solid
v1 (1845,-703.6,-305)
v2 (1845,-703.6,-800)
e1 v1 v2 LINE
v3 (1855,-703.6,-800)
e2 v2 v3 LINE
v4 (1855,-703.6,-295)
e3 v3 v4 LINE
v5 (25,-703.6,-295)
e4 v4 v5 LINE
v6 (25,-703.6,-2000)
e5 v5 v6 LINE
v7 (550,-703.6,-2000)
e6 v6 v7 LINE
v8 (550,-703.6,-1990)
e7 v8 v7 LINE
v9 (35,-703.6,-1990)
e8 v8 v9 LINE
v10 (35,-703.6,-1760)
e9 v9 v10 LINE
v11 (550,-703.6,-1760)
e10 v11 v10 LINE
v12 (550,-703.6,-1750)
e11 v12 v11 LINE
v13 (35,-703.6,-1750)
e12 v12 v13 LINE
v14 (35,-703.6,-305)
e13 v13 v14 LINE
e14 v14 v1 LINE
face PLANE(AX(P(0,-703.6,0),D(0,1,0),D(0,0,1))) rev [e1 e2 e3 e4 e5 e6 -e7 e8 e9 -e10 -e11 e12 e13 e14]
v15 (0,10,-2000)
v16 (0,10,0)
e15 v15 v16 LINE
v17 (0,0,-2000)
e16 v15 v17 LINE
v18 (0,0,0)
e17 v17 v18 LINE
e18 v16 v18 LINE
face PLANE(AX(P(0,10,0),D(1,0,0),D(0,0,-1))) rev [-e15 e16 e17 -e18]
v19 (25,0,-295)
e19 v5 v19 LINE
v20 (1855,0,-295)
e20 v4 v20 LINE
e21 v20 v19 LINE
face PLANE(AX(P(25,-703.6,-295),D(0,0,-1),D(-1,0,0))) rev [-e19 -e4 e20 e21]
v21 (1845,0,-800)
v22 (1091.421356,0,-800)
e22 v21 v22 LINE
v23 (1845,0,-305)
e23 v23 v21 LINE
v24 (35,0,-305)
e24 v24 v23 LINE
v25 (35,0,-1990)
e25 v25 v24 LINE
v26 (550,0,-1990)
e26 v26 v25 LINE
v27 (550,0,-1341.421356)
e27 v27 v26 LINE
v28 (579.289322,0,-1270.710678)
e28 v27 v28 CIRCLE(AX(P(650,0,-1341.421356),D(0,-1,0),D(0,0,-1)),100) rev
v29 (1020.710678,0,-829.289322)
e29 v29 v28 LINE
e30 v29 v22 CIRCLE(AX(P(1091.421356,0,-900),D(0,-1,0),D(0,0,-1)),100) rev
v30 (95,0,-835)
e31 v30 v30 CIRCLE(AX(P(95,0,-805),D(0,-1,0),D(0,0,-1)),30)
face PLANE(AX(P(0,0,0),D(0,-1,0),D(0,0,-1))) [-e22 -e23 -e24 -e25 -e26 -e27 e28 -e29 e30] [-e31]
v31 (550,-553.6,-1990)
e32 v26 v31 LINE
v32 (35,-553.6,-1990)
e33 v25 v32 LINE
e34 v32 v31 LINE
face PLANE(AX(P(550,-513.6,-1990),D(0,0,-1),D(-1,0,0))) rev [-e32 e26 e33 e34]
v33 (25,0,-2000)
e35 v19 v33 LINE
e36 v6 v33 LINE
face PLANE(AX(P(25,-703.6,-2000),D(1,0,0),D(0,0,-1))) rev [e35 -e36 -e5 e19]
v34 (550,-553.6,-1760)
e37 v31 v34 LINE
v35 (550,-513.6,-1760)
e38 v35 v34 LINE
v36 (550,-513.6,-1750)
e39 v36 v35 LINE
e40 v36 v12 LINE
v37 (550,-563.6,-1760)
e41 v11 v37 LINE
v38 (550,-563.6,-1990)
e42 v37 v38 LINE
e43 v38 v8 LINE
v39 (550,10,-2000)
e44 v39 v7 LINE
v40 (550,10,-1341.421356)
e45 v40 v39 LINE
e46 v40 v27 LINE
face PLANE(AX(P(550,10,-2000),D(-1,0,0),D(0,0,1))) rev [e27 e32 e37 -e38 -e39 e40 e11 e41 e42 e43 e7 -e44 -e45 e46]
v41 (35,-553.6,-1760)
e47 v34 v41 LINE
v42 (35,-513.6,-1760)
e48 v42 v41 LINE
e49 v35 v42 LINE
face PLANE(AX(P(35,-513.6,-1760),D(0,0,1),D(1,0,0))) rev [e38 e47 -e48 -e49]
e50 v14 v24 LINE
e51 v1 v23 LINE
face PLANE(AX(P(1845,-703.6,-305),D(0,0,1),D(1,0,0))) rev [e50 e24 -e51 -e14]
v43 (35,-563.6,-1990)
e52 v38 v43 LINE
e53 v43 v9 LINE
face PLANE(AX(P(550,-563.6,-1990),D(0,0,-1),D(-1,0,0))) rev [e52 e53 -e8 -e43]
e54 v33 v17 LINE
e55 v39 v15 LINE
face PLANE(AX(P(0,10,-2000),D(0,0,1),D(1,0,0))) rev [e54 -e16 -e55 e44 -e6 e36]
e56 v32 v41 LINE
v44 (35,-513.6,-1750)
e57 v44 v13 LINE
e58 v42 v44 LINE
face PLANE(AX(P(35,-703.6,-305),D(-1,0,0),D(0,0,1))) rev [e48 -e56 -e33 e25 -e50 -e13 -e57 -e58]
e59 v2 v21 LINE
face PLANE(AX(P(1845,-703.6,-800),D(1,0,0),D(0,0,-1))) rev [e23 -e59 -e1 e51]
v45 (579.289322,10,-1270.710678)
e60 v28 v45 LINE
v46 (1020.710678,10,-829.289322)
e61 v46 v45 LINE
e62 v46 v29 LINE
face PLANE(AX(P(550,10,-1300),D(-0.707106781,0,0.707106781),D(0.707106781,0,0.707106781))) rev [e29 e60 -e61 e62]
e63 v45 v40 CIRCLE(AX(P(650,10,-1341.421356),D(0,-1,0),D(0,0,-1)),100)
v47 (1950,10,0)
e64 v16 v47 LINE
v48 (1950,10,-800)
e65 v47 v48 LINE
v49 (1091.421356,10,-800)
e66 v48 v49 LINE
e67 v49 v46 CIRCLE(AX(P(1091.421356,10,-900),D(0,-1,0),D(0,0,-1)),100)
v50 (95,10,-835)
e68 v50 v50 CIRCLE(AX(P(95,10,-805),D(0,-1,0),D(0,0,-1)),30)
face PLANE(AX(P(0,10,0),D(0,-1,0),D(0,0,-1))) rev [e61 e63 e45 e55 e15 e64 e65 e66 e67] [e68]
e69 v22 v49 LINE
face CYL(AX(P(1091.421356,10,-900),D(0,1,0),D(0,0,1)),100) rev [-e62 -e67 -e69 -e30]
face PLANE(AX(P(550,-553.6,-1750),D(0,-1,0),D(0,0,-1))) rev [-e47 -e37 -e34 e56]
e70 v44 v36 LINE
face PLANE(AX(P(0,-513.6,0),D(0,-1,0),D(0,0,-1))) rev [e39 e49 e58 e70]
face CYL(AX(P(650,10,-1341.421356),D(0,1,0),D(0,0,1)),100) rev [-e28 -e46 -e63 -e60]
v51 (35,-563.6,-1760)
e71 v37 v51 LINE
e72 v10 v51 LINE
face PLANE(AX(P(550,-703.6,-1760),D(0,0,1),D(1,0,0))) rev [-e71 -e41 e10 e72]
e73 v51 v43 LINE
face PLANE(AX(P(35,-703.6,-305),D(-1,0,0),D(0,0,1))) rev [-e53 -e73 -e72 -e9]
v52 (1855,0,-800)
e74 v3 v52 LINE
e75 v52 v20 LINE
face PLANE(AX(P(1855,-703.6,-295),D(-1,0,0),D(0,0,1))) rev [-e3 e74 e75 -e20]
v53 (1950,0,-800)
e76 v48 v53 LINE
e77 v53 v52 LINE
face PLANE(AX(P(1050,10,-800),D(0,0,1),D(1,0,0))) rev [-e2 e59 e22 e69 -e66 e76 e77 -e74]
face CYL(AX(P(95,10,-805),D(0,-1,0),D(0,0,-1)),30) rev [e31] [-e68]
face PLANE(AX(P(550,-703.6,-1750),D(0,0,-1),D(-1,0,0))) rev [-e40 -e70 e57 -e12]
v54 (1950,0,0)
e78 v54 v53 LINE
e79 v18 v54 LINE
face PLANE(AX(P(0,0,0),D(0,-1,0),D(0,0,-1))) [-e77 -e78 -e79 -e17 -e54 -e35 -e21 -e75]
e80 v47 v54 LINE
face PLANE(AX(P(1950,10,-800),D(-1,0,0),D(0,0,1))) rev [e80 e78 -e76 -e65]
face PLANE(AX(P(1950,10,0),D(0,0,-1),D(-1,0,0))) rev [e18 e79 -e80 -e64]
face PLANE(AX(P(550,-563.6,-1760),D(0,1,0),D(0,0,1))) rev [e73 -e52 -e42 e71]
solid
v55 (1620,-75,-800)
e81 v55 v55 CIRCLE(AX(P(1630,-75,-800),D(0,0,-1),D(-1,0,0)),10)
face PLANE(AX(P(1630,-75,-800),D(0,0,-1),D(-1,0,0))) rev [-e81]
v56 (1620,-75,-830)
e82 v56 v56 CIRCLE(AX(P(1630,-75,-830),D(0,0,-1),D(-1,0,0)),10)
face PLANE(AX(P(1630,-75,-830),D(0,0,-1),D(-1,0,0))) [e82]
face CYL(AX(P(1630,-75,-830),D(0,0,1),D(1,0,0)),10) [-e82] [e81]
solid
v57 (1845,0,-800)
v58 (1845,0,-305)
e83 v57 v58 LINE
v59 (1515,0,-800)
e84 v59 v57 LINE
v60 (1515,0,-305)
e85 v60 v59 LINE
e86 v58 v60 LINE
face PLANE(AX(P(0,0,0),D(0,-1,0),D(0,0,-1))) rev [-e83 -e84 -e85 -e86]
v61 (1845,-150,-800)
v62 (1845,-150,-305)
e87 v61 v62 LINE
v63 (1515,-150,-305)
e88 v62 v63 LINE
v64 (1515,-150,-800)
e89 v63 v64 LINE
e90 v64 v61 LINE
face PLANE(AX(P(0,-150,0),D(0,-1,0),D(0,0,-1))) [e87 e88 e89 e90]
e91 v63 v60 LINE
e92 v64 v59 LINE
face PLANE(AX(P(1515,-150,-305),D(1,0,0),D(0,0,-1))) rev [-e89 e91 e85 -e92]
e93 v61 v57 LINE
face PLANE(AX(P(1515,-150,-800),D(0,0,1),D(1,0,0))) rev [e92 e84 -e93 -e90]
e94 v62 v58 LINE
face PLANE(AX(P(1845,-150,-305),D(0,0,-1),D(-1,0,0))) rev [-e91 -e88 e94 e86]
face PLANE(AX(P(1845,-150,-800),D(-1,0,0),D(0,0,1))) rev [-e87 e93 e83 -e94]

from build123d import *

# Parameters (mm, degrees)
SALIENTE_EXTRUIR1_DEPTH = 10
SALIENTE_EXTRUIR2_DEPTH = 703.6
CROQUIS3_R              = 30
CORTAR_EXTRUIR1_DEPTH   = 2881.547336879
REDONDEO1_R             = 100
SALIENTE_EXTRUIR3_DEPTH = 515
CROQUIS5_W              = 515
CROQUIS5_H              = 10
SALIENTE_EXTRUIR4_DEPTH = 40
CROQUIS6_W              = 330
CROQUIS6_H              = 495
SALIENTE_EXTRUIR5_DEPTH = 150
CROQUIS7_R              = 10
SALIENTE_EXTRUIR6_DEPTH = 30
CROQUIS8_W              = 515
CROQUIS8_H              = 10
SALIENTE_EXTRUIR7_DEPTH = 513.6


with BuildPart() as part:
    # Croquis1 → Saliente-Extruir1 (new body)
    with BuildSketch(Plane(origin=(0, 0, 0), x_dir=(1, 0, 0), z_dir=(0, 1, 0))):
        Polygon((0, 0), (0, 2000), (550, 2000), (550, 1300), (1050, 800), (1950, 800), (1950, 0), align=None)
    extrude(amount=SALIENTE_EXTRUIR1_DEPTH)

    # Croquis2 → Saliente-Extruir2 (add)
    with BuildSketch(Plane.XZ):
        Polygon((25, -295), (1855, -295), (1855, -800), (1845, -800), (1845, -305), (35, -305), (35, -2000), (25, -2000), align=None)
    extrude(amount=SALIENTE_EXTRUIR2_DEPTH)

    # Croquis3 → Cortar-Extruir1 (cut, through all)
    with BuildSketch(Plane.XZ):
        with Locations(Location((95, -805, 0), (0, 0, 270))):
            Circle(CROQUIS3_R)
    extrude(amount=-CORTAR_EXTRUIR1_DEPTH, mode=Mode.SUBTRACT)

    # Redondeo1
    redondeo1_edges = [part.edges().sort_by_distance(p)[0] for p in [
        (550, 5, -1300),
        (1050, 5, -800),
    ]]
    fillet(redondeo1_edges, radius=REDONDEO1_R)

    # Croquis4 → Saliente-Extruir3 (add)
    with BuildSketch(Plane(origin=(35, 0, 0), x_dir=(0, 0, -1), z_dir=(1, 0, 0))):
        Polygon((1750, -703.6), (1750, -553.6), (2000, -553.6), (2000, -703.6), (1990, -703.6), (1990, -563.6), (1760, -563.6), (1760, -703.6), align=None)
    extrude(amount=SALIENTE_EXTRUIR3_DEPTH)

    # Croquis5 → Saliente-Extruir4 (add)
    with BuildSketch(Plane(origin=(0, -553.6, 0), x_dir=(1, 0, 0), z_dir=(0, 1, 0))):
        with Locations((292.5, 1995)):
            Rectangle(CROQUIS5_W, CROQUIS5_H)
        with Locations((292.5, 1755)):
            Rectangle(CROQUIS5_W, CROQUIS5_H)
    extrude(amount=SALIENTE_EXTRUIR4_DEPTH)

    # Croquis8 → Saliente-Extruir7 (add)
    with BuildSketch(Plane(origin=(0, -513.6, 0), x_dir=(1, 0, 0), z_dir=(0, 1, 0))):
        with Locations((292.5, 1995)):
            Rectangle(CROQUIS8_W, CROQUIS8_H)
    extrude(amount=SALIENTE_EXTRUIR7_DEPTH)


with BuildPart() as body_2:
    # Croquis6 → Saliente-Extruir5 (new body)
    with BuildSketch(Plane.XZ):
        with Locations((1680, -552.5)):
            Rectangle(CROQUIS6_W, CROQUIS6_H)
    extrude(amount=SALIENTE_EXTRUIR5_DEPTH)


with BuildPart() as body_3:
    # Croquis7 → Saliente-Extruir6 (new body)
    with BuildSketch(Plane(origin=(0, 0, -800), x_dir=(-1, 0, 0), z_dir=(0, 0, -1))):
        with Locations((-1630, -75)):
            Circle(CROQUIS7_R)
    extrude(amount=SALIENTE_EXTRUIR6_DEPTH)


solid = Compound([part.part, body_2.part, body_3.part])
